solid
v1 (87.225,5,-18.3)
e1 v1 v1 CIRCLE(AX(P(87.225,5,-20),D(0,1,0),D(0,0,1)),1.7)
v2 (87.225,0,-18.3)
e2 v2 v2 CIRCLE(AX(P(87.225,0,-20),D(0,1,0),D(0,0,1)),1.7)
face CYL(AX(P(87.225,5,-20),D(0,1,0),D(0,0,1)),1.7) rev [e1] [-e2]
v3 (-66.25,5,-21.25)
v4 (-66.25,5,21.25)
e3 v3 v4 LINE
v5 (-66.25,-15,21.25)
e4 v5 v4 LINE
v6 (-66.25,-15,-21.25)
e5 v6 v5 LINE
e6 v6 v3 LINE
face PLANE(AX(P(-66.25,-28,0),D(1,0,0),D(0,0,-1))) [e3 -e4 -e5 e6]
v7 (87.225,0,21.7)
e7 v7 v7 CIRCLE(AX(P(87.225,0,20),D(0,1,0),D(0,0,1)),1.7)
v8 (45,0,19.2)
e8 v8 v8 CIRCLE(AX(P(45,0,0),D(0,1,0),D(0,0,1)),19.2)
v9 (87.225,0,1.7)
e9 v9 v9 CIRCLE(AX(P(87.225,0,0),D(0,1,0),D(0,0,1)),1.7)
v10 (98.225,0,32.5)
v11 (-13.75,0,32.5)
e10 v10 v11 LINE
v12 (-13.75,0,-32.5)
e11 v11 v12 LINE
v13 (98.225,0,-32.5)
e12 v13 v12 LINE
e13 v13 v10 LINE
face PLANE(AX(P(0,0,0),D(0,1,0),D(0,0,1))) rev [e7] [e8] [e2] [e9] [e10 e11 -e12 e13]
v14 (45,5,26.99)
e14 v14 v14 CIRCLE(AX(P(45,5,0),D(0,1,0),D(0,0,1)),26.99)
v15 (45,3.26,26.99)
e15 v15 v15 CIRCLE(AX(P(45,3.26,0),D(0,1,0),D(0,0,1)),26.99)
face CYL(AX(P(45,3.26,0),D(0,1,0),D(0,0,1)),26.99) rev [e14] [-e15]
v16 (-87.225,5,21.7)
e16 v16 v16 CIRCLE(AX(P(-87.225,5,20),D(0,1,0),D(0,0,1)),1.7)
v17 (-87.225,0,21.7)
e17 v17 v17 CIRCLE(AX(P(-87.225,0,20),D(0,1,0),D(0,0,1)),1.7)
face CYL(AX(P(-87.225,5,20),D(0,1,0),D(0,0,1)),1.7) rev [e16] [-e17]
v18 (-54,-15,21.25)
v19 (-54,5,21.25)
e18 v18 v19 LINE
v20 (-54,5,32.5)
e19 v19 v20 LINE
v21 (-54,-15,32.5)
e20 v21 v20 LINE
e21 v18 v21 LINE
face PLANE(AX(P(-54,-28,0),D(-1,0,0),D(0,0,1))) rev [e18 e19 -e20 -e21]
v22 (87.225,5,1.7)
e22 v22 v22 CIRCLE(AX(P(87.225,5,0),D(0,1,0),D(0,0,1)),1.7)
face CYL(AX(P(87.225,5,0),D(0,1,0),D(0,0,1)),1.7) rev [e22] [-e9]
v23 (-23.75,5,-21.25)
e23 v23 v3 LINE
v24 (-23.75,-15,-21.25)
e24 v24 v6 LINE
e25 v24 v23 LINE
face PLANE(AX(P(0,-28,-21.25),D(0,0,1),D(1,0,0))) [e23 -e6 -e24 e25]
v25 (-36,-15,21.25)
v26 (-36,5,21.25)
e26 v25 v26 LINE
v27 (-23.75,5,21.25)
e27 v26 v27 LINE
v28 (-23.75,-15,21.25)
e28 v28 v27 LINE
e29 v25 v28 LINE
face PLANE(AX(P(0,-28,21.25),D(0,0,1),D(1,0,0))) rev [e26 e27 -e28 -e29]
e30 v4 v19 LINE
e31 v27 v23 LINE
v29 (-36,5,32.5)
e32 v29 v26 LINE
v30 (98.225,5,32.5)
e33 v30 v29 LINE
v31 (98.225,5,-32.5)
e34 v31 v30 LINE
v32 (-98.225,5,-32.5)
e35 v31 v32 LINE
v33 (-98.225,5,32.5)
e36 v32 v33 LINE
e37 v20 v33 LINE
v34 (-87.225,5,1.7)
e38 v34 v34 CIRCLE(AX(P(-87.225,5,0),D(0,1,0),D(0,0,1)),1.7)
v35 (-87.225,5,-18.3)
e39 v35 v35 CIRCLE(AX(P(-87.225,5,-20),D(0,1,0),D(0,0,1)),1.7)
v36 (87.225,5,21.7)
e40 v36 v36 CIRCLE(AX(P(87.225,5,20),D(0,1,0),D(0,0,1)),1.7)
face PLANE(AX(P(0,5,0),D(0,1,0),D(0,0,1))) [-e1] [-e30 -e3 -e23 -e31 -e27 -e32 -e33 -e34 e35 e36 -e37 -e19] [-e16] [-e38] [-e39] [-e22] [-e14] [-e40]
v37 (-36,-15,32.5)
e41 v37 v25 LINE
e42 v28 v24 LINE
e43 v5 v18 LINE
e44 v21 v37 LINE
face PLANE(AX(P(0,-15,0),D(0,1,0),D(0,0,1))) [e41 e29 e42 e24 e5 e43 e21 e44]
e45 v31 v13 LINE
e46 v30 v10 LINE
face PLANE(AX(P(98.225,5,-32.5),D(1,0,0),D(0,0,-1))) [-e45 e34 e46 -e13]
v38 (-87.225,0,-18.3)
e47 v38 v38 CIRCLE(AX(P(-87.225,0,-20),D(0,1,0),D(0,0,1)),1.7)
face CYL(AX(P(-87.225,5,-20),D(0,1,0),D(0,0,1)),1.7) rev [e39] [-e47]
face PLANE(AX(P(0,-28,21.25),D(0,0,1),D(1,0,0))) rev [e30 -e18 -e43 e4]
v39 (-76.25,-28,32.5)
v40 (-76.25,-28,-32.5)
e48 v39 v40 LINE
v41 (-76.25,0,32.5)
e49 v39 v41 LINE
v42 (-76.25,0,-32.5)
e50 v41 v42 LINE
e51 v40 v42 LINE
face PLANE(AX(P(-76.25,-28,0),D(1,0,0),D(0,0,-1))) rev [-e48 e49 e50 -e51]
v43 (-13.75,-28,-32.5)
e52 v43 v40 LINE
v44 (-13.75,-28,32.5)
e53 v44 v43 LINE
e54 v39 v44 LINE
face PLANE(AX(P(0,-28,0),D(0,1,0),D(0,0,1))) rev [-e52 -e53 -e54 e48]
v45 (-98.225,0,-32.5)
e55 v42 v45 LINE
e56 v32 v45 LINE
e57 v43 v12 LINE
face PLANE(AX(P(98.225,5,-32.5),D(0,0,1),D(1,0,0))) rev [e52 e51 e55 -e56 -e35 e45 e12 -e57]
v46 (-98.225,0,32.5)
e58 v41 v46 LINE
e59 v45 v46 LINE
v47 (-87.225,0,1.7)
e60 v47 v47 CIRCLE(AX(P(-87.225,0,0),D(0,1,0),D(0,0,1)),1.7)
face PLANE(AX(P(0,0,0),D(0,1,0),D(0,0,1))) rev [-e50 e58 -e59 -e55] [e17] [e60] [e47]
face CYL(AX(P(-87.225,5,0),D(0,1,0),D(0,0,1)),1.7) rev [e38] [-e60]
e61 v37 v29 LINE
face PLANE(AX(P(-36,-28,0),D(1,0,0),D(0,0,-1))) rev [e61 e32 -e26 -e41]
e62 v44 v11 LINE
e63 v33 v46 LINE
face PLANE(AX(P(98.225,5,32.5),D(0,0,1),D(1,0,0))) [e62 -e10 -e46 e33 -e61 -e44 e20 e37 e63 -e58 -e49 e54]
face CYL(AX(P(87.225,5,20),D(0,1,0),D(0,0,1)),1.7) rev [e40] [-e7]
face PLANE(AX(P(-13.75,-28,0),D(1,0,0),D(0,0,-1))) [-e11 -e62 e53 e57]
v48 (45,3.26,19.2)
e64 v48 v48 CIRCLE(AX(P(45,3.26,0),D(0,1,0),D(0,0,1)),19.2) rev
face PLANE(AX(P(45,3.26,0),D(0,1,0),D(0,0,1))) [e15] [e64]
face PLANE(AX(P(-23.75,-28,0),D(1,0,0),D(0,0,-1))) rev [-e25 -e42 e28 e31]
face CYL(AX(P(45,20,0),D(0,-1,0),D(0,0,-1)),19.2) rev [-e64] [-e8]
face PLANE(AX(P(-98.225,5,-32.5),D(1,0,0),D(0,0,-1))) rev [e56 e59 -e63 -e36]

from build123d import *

# Parameters (mm, degrees)
SKETCH2_W            = 196.45
SKETCH2_H            = 65
BOSS_EXTRUDE1_DEPTH  = 5
BOSS_EXTRUDE2_DEPTH  = 28
BOSS_EXTRUDE3_DEPTH  = 20
CUT_EXTRUDE9_START   = -33
CUT_EXTRUDE9_DEPTH   = 20
SKETCH4_R            = 26.99
CUT_EXTRUDE3_DEPTH   = 1.74
SKETCH3_4_R          = 19.2
CUT_EXTRUDE10_DEPTH  = 20
M3_CLEARANCE_HOLE1_D = 3.4


with BuildPart() as part:
    # Sketch2 → Boss-Extrude1 (new body)
    with BuildSketch(Plane(origin=(0, 0, 0), x_dir=(1, 0, 0), z_dir=(0, 1, 0))):
        Rectangle(SKETCH2_W, SKETCH2_H)
    extrude(amount=BOSS_EXTRUDE1_DEPTH)

    # Sketch3 → Boss-Extrude2 (add)
    with BuildSketch(Plane(origin=(0, 0, 0), x_dir=(1, 0, 0), z_dir=(0, 1, 0))):
        Polygon((-36, -32.5), (-36, -21.25), (-23.75, -21.25), (-23.75, 21.25), (-66.25, 21.25), (-66.25, -21.25), (-54, -21.25), (-54, -32.5), (-76.25, -32.5), (-76.25, 32.5), (-13.75, 32.5), (-13.75, -32.5), align=None)
    extrude(amount=-BOSS_EXTRUDE2_DEPTH)

    # Sketch12 → Boss-Extrude3 (add)
    with BuildSketch(Plane.XZ.offset(28)):
        Polygon((-36, 21.25), (-36, 32.5), (-54, 32.5), (-54, 21.25), (-66.25, 21.25), (-66.25, -21.25), (-23.75, -21.25), (-23.75, 21.25), align=None)
    extrude(amount=-BOSS_EXTRUDE3_DEPTH)

    # Sketch12<2> → Cut-Extrude9 (cut)
    with BuildSketch(Plane.XZ.offset(28).offset(CUT_EXTRUDE9_START)):
        Polygon((-36, 21.25), (-36, 32.5), (-54, 32.5), (-54, 21.25), (-66.25, 21.25), (-66.25, -21.25), (-23.75, -21.25), (-23.75, 21.25), align=None)
    extrude(amount=CUT_EXTRUDE9_DEPTH, mode=Mode.SUBTRACT)

    # Sketch4 → Cut-Extrude3 (cut)
    with BuildSketch(Plane(origin=(0, 5, 0), x_dir=(1, 0, 0), z_dir=(0, 1, 0))):
        with Locations((45, 0)):
            Circle(SKETCH4_R)
    extrude(amount=-CUT_EXTRUDE3_DEPTH, mode=Mode.SUBTRACT)

    # Sketch3<4> → Cut-Extrude10 (cut)
    with BuildSketch(Plane(origin=(0, 0, 0), x_dir=(1, 0, 0), z_dir=(0, 1, 0))):
        with Locations((45, 0)):
            Circle(SKETCH3_4_R)
    extrude(amount=CUT_EXTRUDE10_DEPTH, mode=Mode.SUBTRACT)

    # M3 Clearance Hole1 (through all)
    with Locations(Plane(origin=(0, 5, 0), x_dir=(1, 0, 0), z_dir=(0, 1, 0))):
        with Locations((-87.225, 20), (-87.225, 0), (-87.225, -20), (87.225, -20), (87.225, 0), (87.225, 20)):
            Hole(M3_CLEARANCE_HOLE1_D / 2)


solid = part.part
